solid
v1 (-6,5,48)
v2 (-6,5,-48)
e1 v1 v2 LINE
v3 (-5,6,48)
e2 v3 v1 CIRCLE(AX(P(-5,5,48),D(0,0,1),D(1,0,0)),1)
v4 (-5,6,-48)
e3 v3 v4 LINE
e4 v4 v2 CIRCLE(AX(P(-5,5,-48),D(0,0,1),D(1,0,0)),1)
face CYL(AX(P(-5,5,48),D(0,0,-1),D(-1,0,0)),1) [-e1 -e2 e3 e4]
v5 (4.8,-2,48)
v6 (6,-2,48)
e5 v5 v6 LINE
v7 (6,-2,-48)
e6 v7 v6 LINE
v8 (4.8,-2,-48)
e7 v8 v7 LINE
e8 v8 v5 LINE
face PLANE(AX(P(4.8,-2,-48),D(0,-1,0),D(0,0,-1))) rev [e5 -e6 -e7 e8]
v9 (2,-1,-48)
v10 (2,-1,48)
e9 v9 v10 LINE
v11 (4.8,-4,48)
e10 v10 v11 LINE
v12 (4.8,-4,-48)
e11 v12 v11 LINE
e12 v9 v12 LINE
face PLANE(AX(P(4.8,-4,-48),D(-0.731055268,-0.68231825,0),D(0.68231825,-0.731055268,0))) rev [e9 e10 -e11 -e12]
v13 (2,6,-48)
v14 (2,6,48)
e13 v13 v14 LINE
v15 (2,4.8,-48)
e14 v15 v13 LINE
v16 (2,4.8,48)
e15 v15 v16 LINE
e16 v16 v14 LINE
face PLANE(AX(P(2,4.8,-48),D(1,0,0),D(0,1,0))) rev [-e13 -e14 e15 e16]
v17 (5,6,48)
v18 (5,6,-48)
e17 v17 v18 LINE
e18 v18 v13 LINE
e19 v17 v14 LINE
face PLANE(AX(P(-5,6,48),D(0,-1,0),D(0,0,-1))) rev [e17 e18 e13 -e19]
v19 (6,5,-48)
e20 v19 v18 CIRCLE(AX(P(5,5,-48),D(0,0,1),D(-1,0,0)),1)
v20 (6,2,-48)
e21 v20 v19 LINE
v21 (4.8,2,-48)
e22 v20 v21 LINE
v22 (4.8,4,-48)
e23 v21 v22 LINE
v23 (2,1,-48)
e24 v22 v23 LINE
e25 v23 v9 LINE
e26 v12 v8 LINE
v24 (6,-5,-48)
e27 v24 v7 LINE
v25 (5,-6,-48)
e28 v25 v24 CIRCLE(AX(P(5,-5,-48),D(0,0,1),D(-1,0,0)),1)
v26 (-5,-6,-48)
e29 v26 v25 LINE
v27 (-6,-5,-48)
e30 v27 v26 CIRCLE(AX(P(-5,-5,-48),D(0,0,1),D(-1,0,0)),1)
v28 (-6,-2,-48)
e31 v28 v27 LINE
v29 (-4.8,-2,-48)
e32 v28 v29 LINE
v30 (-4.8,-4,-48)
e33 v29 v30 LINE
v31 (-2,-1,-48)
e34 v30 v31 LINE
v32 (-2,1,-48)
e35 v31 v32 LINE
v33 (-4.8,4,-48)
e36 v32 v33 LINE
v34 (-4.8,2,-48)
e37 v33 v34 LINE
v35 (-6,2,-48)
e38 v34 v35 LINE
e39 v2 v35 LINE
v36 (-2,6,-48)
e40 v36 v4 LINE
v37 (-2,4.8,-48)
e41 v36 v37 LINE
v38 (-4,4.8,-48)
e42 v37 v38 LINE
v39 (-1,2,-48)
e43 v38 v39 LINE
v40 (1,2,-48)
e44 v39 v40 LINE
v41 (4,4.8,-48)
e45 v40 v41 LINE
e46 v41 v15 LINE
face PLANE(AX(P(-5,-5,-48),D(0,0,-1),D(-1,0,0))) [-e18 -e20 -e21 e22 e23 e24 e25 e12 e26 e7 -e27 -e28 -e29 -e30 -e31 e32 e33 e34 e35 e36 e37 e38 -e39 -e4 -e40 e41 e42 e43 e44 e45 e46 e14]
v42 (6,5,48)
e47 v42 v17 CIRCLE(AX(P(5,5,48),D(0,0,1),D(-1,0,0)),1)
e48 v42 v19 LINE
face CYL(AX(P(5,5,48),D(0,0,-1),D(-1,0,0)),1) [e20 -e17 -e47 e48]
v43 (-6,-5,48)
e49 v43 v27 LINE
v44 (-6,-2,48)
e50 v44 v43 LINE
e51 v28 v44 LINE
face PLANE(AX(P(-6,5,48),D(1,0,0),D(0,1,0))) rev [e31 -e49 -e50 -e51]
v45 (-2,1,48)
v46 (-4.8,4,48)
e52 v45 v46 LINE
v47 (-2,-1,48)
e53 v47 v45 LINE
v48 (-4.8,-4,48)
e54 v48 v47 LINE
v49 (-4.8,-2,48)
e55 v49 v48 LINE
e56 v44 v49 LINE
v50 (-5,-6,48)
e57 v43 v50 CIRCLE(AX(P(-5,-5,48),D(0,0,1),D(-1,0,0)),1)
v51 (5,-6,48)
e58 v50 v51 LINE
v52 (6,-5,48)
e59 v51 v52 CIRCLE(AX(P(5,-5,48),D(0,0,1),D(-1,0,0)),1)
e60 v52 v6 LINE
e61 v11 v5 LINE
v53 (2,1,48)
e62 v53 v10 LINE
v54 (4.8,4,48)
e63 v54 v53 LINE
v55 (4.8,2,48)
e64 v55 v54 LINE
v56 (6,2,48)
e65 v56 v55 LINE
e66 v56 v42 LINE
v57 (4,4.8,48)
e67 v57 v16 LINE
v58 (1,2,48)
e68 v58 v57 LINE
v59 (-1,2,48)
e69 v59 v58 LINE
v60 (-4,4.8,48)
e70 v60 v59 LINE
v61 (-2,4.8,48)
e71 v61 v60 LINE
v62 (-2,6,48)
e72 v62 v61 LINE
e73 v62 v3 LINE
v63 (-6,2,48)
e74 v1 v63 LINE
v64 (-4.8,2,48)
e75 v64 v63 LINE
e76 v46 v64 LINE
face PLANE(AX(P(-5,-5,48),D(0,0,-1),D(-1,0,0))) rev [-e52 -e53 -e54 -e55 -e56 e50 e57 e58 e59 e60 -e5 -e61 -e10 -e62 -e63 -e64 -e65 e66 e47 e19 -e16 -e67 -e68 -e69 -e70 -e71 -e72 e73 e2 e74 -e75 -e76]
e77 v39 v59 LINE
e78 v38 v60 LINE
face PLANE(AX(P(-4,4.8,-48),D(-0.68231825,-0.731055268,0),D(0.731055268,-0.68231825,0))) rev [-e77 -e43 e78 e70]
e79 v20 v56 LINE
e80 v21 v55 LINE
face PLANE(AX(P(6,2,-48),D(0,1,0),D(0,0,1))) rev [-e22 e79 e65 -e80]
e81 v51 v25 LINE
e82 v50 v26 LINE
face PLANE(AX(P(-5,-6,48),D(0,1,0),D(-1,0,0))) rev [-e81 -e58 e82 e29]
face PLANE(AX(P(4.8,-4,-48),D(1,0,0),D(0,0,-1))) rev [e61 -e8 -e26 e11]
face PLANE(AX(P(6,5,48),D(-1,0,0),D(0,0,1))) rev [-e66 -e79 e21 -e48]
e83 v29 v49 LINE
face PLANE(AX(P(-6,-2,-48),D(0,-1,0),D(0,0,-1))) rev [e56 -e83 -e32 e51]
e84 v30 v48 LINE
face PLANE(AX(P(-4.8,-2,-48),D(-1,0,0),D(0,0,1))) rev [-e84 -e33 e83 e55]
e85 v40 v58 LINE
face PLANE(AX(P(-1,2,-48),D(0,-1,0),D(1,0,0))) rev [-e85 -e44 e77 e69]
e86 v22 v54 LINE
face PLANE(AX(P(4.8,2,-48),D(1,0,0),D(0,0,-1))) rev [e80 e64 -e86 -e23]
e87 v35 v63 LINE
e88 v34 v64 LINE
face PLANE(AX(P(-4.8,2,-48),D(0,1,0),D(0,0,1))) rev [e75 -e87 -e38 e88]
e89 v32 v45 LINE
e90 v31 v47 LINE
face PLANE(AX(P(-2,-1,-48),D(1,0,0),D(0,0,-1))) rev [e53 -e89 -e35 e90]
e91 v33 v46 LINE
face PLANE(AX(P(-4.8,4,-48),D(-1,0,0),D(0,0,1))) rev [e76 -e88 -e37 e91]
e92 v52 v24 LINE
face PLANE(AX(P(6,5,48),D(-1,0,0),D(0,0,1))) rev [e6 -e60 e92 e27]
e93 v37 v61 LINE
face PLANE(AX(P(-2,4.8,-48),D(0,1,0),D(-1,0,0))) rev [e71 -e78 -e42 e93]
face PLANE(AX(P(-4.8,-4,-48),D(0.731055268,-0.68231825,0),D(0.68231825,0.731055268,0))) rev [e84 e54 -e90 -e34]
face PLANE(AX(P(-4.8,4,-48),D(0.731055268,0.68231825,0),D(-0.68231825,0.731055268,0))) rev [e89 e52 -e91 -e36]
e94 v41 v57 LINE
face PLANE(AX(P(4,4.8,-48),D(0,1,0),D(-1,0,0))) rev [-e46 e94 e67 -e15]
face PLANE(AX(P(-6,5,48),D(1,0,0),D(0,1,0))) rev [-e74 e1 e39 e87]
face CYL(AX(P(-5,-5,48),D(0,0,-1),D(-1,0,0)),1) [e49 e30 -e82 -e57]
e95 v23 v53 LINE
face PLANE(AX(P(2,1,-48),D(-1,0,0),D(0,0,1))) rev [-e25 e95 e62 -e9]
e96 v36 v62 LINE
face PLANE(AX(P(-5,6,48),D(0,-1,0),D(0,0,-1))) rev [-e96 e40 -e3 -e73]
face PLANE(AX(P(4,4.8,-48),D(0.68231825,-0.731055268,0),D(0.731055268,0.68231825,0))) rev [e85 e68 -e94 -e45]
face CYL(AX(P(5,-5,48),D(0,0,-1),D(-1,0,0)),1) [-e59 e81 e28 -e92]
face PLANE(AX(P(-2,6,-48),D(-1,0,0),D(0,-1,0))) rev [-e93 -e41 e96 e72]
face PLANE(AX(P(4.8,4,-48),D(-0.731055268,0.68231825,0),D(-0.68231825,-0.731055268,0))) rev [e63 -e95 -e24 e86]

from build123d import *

# Parameters (mm, degrees)
EXTRUSION1_DEPTH             = 48
ENL_V_MAT_EXTRU_1_DEPTH      = 97.374270425
R_P_TITION_CIRCULAIRE1_COUNT = 3
R_P_TITION_CIRCULAIRE1_ANGLE = 180


with BuildPart() as part:
    # Esquisse1 → Extrusion1 (new, symmetric)
    with BuildSketch(Plane.XY):
        with BuildLine():
            Line((-6, 5), (-6, -5))
            ThreePointArc((-6, -5), (-5.707106781, -5.707106781), (-5, -6))
            Line((-5, -6), (5, -6))
            ThreePointArc((5, -6), (5.707106781, -5.707106781), (6, -5))
            Line((6, -5), (6, 5))
            ThreePointArc((6, 5), (5.707106781, 5.707106781), (5, 6))
            Line((5, 6), (-5, 6))
            ThreePointArc((-5, 6), (-5.707106781, 5.707106781), (-6, 5))
        make_face()
    extrude(amount=EXTRUSION1_DEPTH, both=True)

    # Esquisse3 → Enlèv. mat.-Extru.1 (cut, through all)
    with BuildSketch(Plane.XY.offset(48)):
        Polygon((6, 2), (4.8, 2), (4.8, 4), (2, 1), (2, -1), (4.8, -4), (4.8, -2), (6, -2), align=None)
    enl_v_mat_extru_1 = extrude(amount=-ENL_V_MAT_EXTRU_1_DEPTH, mode=Mode.SUBTRACT)

    # Répétition circulaire1: Enlèv. mat.-Extru.1 ×3 about axis
    r_p_tition_circulaire1_axis = Axis((0, 0, -1), (0, 0, 1))
    for i in range(1, R_P_TITION_CIRCULAIRE1_COUNT):
        add(enl_v_mat_extru_1.rotate(r_p_tition_circulaire1_axis, i * R_P_TITION_CIRCULAIRE1_ANGLE / (R_P_TITION_CIRCULAIRE1_COUNT - 1)), mode=Mode.SUBTRACT)


solid = part.part
